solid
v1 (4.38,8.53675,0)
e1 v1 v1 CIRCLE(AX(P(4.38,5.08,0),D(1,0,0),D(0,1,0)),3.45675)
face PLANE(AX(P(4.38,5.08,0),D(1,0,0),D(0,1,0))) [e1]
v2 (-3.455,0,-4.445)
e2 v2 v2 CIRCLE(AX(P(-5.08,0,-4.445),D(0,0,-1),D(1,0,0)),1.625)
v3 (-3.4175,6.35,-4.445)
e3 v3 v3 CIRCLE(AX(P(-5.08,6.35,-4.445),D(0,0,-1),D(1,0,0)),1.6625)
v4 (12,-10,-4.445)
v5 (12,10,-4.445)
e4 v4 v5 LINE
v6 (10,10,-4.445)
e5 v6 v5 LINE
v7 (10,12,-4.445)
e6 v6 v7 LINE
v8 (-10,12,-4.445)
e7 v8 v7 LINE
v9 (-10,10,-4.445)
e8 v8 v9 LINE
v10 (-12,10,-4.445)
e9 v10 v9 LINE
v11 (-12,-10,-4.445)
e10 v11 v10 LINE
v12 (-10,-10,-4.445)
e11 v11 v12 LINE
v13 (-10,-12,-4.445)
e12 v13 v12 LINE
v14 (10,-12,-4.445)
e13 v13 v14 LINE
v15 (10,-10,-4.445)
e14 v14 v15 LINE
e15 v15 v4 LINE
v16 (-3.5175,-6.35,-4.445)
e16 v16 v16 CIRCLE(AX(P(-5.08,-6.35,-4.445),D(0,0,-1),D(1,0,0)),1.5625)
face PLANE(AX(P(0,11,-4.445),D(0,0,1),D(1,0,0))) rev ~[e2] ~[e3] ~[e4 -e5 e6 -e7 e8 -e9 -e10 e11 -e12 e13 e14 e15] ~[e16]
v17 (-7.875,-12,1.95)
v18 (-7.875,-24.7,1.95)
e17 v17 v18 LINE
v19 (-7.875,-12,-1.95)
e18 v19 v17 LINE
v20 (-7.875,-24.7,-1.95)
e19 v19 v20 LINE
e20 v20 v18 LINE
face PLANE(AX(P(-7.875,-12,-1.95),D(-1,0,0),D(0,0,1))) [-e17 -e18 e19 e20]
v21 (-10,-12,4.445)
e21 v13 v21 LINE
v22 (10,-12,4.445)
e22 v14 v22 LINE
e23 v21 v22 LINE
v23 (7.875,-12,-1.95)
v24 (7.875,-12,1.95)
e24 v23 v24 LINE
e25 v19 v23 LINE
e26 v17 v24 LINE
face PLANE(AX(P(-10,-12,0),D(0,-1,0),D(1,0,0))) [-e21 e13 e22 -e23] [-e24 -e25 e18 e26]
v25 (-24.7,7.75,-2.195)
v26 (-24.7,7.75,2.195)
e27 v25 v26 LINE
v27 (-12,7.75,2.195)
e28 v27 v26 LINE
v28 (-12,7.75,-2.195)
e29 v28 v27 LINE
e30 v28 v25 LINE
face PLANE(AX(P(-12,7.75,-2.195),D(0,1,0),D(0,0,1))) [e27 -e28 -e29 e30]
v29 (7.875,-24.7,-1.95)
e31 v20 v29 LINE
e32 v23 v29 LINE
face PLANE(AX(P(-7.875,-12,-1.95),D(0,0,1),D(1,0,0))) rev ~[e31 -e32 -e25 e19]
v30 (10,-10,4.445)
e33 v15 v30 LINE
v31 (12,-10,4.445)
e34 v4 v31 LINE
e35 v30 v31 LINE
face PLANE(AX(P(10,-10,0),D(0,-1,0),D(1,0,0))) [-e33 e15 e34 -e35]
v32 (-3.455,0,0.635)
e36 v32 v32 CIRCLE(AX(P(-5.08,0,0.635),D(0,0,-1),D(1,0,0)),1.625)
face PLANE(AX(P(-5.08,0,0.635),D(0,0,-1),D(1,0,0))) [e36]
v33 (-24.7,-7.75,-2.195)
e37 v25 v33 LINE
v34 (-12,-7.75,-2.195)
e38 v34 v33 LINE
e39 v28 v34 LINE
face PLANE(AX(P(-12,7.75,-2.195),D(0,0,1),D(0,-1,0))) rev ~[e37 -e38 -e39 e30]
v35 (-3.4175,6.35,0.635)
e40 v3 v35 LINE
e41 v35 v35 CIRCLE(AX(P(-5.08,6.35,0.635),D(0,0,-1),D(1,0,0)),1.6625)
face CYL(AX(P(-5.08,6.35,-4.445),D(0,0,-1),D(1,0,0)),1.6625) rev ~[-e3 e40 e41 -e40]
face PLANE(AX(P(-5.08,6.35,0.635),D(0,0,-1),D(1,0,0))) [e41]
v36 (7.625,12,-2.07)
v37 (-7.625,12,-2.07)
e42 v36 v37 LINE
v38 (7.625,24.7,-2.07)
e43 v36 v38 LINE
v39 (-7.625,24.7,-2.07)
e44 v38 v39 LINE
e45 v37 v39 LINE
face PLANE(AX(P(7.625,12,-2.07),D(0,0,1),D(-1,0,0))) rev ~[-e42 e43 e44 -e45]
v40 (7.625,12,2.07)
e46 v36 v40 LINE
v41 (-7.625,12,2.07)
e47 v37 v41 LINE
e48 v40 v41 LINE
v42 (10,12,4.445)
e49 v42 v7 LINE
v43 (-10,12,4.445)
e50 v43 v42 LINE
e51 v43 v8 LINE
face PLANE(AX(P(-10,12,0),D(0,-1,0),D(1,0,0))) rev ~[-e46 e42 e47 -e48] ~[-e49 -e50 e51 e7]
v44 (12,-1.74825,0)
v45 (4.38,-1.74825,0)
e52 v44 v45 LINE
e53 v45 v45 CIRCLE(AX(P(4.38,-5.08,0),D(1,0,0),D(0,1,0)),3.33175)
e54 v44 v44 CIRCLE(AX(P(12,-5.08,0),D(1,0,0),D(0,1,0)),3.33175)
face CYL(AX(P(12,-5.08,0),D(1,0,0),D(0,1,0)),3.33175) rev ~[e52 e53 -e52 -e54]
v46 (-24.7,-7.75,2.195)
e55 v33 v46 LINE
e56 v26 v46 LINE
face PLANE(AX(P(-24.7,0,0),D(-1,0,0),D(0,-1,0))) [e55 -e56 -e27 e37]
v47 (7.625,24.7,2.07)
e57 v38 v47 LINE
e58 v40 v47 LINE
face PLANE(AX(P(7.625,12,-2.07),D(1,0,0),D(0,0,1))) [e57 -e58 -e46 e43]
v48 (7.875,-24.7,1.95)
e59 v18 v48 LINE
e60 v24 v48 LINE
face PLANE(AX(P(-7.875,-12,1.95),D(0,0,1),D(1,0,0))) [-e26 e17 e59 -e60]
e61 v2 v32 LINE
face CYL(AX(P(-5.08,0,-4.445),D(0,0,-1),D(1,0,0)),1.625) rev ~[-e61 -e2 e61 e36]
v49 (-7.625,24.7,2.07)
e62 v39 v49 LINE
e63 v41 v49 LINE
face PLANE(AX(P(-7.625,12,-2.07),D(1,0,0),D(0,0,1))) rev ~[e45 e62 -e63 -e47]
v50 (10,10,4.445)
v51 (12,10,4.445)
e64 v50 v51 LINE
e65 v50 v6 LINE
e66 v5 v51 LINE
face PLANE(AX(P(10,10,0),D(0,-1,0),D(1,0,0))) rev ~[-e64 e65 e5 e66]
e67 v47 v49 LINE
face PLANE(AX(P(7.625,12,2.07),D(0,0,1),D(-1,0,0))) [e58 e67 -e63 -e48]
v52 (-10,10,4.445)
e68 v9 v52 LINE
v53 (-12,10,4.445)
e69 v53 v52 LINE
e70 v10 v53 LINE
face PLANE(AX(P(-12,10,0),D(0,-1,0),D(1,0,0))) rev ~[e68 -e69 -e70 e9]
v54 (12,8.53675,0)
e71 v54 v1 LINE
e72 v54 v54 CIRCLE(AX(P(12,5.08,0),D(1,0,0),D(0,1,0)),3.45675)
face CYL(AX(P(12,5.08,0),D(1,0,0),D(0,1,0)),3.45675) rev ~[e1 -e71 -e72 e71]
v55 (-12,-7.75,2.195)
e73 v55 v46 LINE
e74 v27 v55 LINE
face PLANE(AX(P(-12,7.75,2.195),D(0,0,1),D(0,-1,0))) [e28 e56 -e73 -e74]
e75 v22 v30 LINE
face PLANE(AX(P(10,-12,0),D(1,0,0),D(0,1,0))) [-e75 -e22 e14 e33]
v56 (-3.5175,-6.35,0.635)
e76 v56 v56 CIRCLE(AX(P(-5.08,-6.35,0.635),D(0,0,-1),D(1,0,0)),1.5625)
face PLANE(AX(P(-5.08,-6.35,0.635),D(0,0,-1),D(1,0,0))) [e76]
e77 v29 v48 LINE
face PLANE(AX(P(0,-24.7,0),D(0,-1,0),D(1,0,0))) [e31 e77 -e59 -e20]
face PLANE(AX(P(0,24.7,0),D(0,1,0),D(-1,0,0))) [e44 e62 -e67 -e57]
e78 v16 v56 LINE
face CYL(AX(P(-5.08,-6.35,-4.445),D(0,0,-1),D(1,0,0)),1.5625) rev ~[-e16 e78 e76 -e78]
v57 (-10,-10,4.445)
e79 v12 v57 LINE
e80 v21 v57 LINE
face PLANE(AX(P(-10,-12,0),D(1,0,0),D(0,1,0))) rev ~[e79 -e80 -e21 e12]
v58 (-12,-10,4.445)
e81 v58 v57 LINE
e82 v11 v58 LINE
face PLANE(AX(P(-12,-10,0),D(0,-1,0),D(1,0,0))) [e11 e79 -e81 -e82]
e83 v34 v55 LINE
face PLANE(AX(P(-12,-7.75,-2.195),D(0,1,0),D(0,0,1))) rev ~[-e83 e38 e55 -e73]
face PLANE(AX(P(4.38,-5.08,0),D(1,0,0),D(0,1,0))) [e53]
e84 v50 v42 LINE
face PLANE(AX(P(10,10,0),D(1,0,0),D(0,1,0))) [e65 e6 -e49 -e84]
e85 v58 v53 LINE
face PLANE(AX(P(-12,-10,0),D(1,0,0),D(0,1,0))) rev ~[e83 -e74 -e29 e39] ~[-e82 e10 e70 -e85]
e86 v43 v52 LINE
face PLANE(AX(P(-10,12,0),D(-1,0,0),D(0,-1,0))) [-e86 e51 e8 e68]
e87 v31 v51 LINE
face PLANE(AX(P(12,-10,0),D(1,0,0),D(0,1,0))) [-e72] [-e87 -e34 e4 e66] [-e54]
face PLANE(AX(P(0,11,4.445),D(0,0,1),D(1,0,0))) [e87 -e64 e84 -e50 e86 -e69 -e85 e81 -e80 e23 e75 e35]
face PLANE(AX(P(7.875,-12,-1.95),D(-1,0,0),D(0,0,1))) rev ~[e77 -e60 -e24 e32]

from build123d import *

# Parameters (mm, degrees)
F0_W      = 20
F0_H      = 2
F0_W_2    = 2
F0_H_2    = 20
F1_DEPTH  = 4.445
F2_W      = 15.5
F2_H      = 4.39
F3_DEPTH  = 12.7
F4_W      = 15.75
F4_H      = 3.9
F5_DEPTH  = 12.7
F6_W      = 15.25
F6_H      = 4.14
F7_DEPTH  = 12.7
F8_R      = 3.33175
F8_R_2    = 3.45675
F9_DEPTH  = 7.62
F10_R     = 1.6625
F10_R_2   = 1.625
F10_R_3   = 1.5625
F11_DEPTH = 5.08


with BuildPart() as f1:
    # F0 (on Top) → F1 (new body, symmetric)
    with BuildSketch(Plane.XY):
        with Locations((0, 11)):
            Rectangle(F0_W, F0_H)
        with Locations((11, 0)):
            Rectangle(F0_W_2, F0_H_2)
        Rectangle(F0_W, F0_H_2)
        with Locations((-11, 0)):
            Rectangle(F0_W_2, F0_H_2)
        with Locations((0, -11)):
            Rectangle(F0_W, F0_H)
    extrude(amount=F1_DEPTH, both=True)

    # F2 (on face) → F3 (join)
    with BuildSketch(Plane(origin=(-12, 0, 0), x_dir=(0, -1, 0), z_dir=(-1, 0, 0))):
        Rectangle(F2_W, F2_H)
    extrude(amount=F3_DEPTH)

    # F4 (on face) → F5 (join)
    with BuildSketch(Plane.XZ.offset(12)):
        Rectangle(F4_W, F4_H)
    extrude(amount=F5_DEPTH)

    # F6 (on face) → F7 (join)
    with BuildSketch(Plane(origin=(0, 12, 0), x_dir=(-1, 0, 0), z_dir=(0, 1, 0))):
        Rectangle(F6_W, F6_H)
    extrude(amount=F7_DEPTH)

    # F8 (on face) → F9 (cut)
    with BuildSketch(Plane.YZ.offset(12)):
        with Locations((-5.08, 0)):
            Circle(F8_R)
        with Locations((5.08, 0)):
            Circle(F8_R_2)
    extrude(amount=-F9_DEPTH, mode=Mode.SUBTRACT)

    # F10 (on face) → F11 (cut)
    with BuildSketch(Plane(origin=(0, 0, -4.445), x_dir=(1, 0, 0), z_dir=(0, 0, -1))):
        with Locations((-5.08, -6.35)):
            Circle(F10_R)
        with Locations((-5.08, 0)):
            Circle(F10_R_2)
        with Locations((-5.08, 6.35)):
            Circle(F10_R_3)
    extrude(amount=-F11_DEPTH, mode=Mode.SUBTRACT)


solid = f1.part
